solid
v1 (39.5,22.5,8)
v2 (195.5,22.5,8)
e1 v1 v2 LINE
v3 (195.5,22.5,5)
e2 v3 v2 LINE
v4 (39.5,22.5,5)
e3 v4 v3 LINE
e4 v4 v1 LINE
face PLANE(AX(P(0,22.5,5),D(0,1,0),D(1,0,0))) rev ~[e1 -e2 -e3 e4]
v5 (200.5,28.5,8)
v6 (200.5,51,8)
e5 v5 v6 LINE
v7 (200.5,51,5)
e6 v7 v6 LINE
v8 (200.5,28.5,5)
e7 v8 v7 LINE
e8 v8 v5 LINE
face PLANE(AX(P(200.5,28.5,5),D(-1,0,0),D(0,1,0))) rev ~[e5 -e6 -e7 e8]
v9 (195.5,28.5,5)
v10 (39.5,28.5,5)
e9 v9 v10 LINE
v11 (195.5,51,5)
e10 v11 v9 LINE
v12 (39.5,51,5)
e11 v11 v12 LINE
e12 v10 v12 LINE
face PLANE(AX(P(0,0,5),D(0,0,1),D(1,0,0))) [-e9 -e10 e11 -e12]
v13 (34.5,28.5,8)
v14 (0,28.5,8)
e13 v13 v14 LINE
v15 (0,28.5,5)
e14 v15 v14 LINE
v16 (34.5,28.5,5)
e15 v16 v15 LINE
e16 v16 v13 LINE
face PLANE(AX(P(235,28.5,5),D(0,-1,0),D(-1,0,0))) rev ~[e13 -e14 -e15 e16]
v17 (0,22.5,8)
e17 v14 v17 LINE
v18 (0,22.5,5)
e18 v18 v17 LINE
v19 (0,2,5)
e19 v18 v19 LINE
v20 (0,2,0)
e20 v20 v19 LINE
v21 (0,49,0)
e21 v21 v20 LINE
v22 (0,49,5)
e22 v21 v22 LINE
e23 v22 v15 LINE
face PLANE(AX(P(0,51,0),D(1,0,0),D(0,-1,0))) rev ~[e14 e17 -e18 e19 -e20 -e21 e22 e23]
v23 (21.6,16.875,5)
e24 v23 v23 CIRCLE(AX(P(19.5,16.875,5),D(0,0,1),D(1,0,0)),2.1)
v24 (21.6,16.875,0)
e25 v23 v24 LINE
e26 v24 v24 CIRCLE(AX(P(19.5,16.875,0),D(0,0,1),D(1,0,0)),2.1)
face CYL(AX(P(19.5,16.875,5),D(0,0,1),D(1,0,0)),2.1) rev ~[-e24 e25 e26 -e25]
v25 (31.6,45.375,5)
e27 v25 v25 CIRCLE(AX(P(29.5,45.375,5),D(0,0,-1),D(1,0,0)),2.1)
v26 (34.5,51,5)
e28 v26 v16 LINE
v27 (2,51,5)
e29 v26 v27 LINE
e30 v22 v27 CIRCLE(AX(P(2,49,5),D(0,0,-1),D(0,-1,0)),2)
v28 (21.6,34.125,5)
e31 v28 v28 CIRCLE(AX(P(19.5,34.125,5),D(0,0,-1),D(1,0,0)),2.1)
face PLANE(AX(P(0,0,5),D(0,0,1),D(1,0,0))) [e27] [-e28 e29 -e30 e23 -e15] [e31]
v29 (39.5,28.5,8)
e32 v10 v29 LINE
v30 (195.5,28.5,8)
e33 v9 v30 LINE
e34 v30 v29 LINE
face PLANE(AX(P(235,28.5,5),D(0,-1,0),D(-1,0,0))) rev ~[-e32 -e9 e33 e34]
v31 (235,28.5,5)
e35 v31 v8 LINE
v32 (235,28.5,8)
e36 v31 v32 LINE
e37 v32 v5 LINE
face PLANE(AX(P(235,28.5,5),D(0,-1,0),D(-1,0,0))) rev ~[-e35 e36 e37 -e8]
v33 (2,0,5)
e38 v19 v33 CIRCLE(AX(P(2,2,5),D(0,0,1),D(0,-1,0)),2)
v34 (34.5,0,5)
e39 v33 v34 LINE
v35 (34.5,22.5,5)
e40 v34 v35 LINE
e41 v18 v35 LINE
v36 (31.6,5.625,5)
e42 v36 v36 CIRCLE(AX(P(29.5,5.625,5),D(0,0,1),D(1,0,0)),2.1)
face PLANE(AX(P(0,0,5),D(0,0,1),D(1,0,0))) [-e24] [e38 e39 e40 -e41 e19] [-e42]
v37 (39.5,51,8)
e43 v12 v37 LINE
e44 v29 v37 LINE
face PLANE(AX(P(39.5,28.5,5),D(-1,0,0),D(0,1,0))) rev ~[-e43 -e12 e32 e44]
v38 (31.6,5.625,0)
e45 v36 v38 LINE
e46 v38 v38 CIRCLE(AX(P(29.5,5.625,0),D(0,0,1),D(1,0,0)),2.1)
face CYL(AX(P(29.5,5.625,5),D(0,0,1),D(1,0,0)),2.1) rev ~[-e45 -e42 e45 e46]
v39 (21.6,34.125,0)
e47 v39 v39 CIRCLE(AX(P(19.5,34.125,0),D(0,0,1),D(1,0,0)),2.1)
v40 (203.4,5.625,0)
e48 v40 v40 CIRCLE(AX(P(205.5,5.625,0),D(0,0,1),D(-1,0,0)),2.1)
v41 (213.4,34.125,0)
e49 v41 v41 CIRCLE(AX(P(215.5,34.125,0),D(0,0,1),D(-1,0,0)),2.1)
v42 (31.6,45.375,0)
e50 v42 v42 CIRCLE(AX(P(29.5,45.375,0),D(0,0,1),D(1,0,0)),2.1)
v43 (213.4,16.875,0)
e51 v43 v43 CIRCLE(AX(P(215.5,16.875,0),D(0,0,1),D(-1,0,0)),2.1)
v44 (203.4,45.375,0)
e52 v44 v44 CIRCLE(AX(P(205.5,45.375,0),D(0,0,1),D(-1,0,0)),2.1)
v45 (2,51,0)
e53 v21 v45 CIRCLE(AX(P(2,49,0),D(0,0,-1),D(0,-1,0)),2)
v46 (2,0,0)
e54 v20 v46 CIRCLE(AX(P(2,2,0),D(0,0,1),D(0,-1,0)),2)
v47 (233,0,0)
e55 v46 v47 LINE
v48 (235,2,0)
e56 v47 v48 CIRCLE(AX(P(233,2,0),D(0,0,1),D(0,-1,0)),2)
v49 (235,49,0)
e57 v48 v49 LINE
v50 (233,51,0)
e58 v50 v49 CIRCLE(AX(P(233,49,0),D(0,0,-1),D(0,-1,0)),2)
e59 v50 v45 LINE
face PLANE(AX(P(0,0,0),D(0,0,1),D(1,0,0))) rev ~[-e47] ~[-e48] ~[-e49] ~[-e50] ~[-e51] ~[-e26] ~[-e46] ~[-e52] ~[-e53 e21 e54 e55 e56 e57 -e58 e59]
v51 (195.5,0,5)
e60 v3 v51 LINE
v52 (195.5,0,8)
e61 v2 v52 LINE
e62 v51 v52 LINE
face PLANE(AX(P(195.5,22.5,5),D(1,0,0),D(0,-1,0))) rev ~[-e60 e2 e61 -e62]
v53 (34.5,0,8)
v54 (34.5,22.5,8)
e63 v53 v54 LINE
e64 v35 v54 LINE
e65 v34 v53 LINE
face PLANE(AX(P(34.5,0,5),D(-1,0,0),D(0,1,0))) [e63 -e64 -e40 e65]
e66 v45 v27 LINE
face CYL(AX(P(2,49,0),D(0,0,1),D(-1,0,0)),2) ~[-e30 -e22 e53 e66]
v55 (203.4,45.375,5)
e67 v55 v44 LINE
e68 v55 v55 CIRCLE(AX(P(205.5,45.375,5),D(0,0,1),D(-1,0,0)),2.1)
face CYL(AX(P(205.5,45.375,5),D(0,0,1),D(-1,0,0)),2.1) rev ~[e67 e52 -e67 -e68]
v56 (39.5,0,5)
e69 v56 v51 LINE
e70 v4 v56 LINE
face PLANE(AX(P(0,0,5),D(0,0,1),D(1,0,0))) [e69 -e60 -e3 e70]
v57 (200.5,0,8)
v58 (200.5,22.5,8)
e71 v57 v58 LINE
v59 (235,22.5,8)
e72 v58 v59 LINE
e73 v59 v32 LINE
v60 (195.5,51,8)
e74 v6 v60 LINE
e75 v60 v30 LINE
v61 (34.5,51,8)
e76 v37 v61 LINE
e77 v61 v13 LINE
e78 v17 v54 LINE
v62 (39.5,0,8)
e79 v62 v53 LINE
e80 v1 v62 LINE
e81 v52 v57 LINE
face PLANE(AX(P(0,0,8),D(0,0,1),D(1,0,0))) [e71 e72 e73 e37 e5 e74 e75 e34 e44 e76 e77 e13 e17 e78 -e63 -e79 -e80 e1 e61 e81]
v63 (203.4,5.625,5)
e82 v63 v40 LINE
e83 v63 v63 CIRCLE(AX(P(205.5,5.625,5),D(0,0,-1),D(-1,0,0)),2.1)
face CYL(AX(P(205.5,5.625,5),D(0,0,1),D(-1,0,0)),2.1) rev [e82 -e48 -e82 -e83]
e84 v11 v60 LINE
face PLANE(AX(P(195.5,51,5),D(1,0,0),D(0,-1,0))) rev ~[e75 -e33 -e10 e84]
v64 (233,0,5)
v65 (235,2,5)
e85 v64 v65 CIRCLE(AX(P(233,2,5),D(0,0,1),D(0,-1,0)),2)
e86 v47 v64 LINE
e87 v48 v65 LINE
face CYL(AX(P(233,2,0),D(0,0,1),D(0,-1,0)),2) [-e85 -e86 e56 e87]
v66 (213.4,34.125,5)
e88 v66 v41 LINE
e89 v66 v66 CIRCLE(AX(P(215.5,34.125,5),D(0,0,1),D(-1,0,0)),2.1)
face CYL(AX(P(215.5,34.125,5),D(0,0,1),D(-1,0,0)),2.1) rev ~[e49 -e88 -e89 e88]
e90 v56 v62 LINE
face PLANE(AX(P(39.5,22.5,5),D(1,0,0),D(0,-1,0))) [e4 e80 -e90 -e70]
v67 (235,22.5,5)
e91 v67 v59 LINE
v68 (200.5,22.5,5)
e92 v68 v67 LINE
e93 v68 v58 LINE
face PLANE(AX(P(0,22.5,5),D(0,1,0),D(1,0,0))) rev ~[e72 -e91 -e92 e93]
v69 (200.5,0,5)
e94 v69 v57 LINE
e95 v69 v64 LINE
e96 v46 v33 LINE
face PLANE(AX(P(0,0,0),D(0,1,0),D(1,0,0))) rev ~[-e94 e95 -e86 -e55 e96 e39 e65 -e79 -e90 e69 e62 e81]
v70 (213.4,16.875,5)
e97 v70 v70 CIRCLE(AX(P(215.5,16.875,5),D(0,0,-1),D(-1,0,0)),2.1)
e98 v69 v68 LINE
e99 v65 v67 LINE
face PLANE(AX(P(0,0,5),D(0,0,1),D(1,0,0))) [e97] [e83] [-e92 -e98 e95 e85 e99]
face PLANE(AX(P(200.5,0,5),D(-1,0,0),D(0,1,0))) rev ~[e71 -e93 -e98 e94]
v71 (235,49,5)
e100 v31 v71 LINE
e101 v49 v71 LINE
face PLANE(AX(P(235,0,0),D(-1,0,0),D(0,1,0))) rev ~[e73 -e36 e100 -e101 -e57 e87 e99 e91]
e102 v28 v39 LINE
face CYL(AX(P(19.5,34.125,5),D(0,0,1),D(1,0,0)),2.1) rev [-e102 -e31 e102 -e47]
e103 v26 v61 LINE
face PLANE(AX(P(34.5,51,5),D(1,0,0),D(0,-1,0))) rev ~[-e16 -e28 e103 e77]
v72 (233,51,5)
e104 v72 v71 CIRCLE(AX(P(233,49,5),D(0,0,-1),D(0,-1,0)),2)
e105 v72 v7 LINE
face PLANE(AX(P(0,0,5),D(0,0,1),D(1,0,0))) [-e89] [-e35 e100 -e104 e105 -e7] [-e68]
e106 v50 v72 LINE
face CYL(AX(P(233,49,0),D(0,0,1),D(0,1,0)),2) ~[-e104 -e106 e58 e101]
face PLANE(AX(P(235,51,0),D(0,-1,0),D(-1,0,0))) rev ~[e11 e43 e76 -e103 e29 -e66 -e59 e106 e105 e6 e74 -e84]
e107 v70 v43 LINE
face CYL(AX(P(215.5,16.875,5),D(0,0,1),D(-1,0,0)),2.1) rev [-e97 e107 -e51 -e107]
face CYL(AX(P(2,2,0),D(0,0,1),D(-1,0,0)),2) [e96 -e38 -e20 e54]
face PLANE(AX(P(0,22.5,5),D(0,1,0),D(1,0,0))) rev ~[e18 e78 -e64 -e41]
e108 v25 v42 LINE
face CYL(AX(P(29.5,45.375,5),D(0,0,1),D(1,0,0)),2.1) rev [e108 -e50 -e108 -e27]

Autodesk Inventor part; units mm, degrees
ref_plane "YZ Plane" through (0, 0, 0) normal (1, 0, 0) x (0, 1, 0)
ref_plane "XZ Plane" through (0, 0, 0) normal (0, 1, 0) x (-1, 0, 0)
ref_plane "XY Plane" through (0, 0, 0) normal (0, 0, 1) x (1, 0, 0)
sketch "Sketch1" plane through (0, 0, 0) normal (0, 0, 1) x (1, 0, 0)
  line L0 (0, 0) -> (235, 0)
  line L1 (235, 0) -> (235, 51)
  line L2 (235, 51) -> (0, 51)
  line L3 (0, 51) -> (0, 0)
  dimension "d0" = 235
  dimension "d1" = 51
extrude "Extrusion1" add sketch "Sketch1" along normal blind 5
sketch "Sketch2" plane through (0, 0, 5) normal (0, 0, 1) x (1, 0, 0)
  line L0 (0, 0) -> (235, 0)
  line L1 (235, 0) -> (235, 51)
  line L2 (235, 51) -> (0, 51)
  line L3 (0, 51) -> (0, 0)
  line L4 (235, 0) -> (235, 51) projected
  line L5 (0, 22.5) -> (235, 22.5)
  line L6 (235, 22.5) -> (235, 28.5)
  line L7 (235, 28.5) -> (0, 28.5)
  line L8 (0, 28.5) -> (0, 22.5)
  line L9 (0, 22.5) -> (235, 28.5) construction
  line L10 (235, 22.5) -> (0, 28.5) construction
  point P0 (117.5, 25.5)
  dimension "d4" = 6
extrude "Extrusion2" add sketch "Sketch2" along normal blind 3 contours L3 L7 L1 L5
sketch "Sketch3" plane through (0, 0, 5) normal (0, 0, 1) x (1, 0, 0)
  line L0 (0, 28.5) -> (235, 28.5) projected
  line L1 (235, 51) -> (0, 51) projected
  line L2 (34.5, 28.5) -> (39.5, 28.5)
  line L3 (39.5, 28.5) -> (39.5, 51)
  line L4 (39.5, 51) -> (34.5, 51)
  line L5 (34.5, 51) -> (34.5, 28.5)
  point P0 (0, 0)
  dimension "d7" = 5
sketch "Sketch5" plane through (0, 0, 5) normal (0, 0, 1) x (1, 0, 0)
  line L0 (235, 51) -> (0, 51) projected
  line L1 (117.5, 51) -> (117.5, 0)
  line L2 (235, 28.5) -> (0, 28.5) projected
  line L3 (34.5, 51) -> (39.5, 51)
  line L4 (39.5, 51) -> (39.5, 28.5)
  line L5 (39.5, 28.5) -> (34.5, 28.5)
  line L6 (34.5, 28.5) -> (34.5, 51)
  line L7 (0, 22.5) -> (235, 22.5) projected
  line L8 (34.5, 22.5) -> (39.5, 22.5)
  line L9 (39.5, 22.5) -> (39.5, 0)
  line L10 (39.5, 0) -> (34.5, 0)
  line L11 (34.5, 0) -> (34.5, 22.5)
  line L12 (195.5, 51) -> (195.5, 28.5)
  line L13 (200.5, 28.5) -> (200.5, 51)
  line L14 (195.5, 22.5) -> (195.5, 0)
  line L15 (195.5, 0) -> (200.5, 0)
  line L16 (200.5, 0) -> (200.5, 22.5)
  line L17 (195.5, 28.5) -> (200.5, 28.5)
  line L18 (195.5, 22.5) -> (200.5, 22.5)
  line L19 (195.5, 51) -> (200.5, 51)
  point P0 (0, 0)
  dimension "d13" = 5
extrude "Extrusion5" add sketch "Sketch3" along normal blind 3
extrude "Extrusion6" add sketch "Sketch5" along normal blind 3 contours L9 L10 L11 L7
extrude "Extrusion7" add sketch "Sketch5" along normal blind 3 contours L13 L2 L12 L0 | L7 L16 L15 L14
sketch "Sketch8" plane through (0, 0, 5) normal (0, 0, 1) x (1, 0, 0)
  circle A0 centre (29.5, 5.625) radius 1.6
  circle A1 centre (19.5, 16.875) radius 1.6
  line L0 (39.5, 0) -> (39.5, 22.5) projected
  line L1 (34.5, 22.5) -> (34.5, 0) projected
  line L2 (0, 0) -> (34.5, 0) projected
  dimension "d24" = 3.2
  dimension "d25" = 3.2
  dimension "d27" = 5
  dimension "d28" = 5.625
  dimension "d29" = 15
  dimension "d30" = 16.875
extrude "Extrusion9" cut sketch "Sketch8" against normal blind 10
sketch "Sketch9" plane through (0, 0, 8) normal (0, 0, 1) x (1, 0, 0)
  line L0 (0, 51) -> (0, 0) projected
  line L1 (0, 25.5) -> (235, 25.5)
  line L2 (235, 0) -> (235, 51) projected
  line L3 (117.5, 25.5) -> (117.5, -30.3106)
ref_plane "Work Plane1" through (0, 25.5, 8) normal (0, 1, 0) x (1, 0, 0)
mirror "Mirror1" about plane through (0, 25.5, 8) normal (0, 1, 0) of "Extrusion9"
ref_plane "Work Plane2" through (117.5, 25.5, 8) normal (1, 0, 0) x (0, -1, 0)
mirror "Mirror2" about plane through (117.5, 25.5, 8) normal (1, 0, 0) of "Extrusion9", "Mirror1"
sketch "Sketch11" plane through (0, 0, 5) normal (0, 0, 1) x (1, 0, 0)
  circle A0 centre (19.5, 16.875) radius 1.6 projected
  circle A1 centre (19.5, 16.875) radius 2.1
  circle A2 centre (29.5, 5.625) radius 1.6 projected
  circle A3 centre (29.5, 5.625) radius 2.1
  point P0 (0, 0)
  dimension "d35" = 4.2
  dimension "d36" = 4.2
extrude "Extrusion10" cut sketch "Sketch11" against normal blind 10 contours A0 | A1 | A2 | A3
mirror "Mirror3" about plane through (0, 25.5, 8) normal (0, 1, 0) of "Extrusion10"
mirror "Mirror4" about plane through (117.5, 25.5, 8) normal (1, 0, 0) of "Extrusion10", "Mirror3"
fillet "Fillet1" radius 2 4 edges at (235, 51, 2.5) (0, 51, 2.5) (0, 0, 2.5) (235, 0, 2.5)
sketch "Sketch12" plane through (0, 0, 5) normal (0, 0, 1) x (1, 0, 0)
  point P0 (0, 0)
properties part number "Impact Plate" material "ABS Plastic"
